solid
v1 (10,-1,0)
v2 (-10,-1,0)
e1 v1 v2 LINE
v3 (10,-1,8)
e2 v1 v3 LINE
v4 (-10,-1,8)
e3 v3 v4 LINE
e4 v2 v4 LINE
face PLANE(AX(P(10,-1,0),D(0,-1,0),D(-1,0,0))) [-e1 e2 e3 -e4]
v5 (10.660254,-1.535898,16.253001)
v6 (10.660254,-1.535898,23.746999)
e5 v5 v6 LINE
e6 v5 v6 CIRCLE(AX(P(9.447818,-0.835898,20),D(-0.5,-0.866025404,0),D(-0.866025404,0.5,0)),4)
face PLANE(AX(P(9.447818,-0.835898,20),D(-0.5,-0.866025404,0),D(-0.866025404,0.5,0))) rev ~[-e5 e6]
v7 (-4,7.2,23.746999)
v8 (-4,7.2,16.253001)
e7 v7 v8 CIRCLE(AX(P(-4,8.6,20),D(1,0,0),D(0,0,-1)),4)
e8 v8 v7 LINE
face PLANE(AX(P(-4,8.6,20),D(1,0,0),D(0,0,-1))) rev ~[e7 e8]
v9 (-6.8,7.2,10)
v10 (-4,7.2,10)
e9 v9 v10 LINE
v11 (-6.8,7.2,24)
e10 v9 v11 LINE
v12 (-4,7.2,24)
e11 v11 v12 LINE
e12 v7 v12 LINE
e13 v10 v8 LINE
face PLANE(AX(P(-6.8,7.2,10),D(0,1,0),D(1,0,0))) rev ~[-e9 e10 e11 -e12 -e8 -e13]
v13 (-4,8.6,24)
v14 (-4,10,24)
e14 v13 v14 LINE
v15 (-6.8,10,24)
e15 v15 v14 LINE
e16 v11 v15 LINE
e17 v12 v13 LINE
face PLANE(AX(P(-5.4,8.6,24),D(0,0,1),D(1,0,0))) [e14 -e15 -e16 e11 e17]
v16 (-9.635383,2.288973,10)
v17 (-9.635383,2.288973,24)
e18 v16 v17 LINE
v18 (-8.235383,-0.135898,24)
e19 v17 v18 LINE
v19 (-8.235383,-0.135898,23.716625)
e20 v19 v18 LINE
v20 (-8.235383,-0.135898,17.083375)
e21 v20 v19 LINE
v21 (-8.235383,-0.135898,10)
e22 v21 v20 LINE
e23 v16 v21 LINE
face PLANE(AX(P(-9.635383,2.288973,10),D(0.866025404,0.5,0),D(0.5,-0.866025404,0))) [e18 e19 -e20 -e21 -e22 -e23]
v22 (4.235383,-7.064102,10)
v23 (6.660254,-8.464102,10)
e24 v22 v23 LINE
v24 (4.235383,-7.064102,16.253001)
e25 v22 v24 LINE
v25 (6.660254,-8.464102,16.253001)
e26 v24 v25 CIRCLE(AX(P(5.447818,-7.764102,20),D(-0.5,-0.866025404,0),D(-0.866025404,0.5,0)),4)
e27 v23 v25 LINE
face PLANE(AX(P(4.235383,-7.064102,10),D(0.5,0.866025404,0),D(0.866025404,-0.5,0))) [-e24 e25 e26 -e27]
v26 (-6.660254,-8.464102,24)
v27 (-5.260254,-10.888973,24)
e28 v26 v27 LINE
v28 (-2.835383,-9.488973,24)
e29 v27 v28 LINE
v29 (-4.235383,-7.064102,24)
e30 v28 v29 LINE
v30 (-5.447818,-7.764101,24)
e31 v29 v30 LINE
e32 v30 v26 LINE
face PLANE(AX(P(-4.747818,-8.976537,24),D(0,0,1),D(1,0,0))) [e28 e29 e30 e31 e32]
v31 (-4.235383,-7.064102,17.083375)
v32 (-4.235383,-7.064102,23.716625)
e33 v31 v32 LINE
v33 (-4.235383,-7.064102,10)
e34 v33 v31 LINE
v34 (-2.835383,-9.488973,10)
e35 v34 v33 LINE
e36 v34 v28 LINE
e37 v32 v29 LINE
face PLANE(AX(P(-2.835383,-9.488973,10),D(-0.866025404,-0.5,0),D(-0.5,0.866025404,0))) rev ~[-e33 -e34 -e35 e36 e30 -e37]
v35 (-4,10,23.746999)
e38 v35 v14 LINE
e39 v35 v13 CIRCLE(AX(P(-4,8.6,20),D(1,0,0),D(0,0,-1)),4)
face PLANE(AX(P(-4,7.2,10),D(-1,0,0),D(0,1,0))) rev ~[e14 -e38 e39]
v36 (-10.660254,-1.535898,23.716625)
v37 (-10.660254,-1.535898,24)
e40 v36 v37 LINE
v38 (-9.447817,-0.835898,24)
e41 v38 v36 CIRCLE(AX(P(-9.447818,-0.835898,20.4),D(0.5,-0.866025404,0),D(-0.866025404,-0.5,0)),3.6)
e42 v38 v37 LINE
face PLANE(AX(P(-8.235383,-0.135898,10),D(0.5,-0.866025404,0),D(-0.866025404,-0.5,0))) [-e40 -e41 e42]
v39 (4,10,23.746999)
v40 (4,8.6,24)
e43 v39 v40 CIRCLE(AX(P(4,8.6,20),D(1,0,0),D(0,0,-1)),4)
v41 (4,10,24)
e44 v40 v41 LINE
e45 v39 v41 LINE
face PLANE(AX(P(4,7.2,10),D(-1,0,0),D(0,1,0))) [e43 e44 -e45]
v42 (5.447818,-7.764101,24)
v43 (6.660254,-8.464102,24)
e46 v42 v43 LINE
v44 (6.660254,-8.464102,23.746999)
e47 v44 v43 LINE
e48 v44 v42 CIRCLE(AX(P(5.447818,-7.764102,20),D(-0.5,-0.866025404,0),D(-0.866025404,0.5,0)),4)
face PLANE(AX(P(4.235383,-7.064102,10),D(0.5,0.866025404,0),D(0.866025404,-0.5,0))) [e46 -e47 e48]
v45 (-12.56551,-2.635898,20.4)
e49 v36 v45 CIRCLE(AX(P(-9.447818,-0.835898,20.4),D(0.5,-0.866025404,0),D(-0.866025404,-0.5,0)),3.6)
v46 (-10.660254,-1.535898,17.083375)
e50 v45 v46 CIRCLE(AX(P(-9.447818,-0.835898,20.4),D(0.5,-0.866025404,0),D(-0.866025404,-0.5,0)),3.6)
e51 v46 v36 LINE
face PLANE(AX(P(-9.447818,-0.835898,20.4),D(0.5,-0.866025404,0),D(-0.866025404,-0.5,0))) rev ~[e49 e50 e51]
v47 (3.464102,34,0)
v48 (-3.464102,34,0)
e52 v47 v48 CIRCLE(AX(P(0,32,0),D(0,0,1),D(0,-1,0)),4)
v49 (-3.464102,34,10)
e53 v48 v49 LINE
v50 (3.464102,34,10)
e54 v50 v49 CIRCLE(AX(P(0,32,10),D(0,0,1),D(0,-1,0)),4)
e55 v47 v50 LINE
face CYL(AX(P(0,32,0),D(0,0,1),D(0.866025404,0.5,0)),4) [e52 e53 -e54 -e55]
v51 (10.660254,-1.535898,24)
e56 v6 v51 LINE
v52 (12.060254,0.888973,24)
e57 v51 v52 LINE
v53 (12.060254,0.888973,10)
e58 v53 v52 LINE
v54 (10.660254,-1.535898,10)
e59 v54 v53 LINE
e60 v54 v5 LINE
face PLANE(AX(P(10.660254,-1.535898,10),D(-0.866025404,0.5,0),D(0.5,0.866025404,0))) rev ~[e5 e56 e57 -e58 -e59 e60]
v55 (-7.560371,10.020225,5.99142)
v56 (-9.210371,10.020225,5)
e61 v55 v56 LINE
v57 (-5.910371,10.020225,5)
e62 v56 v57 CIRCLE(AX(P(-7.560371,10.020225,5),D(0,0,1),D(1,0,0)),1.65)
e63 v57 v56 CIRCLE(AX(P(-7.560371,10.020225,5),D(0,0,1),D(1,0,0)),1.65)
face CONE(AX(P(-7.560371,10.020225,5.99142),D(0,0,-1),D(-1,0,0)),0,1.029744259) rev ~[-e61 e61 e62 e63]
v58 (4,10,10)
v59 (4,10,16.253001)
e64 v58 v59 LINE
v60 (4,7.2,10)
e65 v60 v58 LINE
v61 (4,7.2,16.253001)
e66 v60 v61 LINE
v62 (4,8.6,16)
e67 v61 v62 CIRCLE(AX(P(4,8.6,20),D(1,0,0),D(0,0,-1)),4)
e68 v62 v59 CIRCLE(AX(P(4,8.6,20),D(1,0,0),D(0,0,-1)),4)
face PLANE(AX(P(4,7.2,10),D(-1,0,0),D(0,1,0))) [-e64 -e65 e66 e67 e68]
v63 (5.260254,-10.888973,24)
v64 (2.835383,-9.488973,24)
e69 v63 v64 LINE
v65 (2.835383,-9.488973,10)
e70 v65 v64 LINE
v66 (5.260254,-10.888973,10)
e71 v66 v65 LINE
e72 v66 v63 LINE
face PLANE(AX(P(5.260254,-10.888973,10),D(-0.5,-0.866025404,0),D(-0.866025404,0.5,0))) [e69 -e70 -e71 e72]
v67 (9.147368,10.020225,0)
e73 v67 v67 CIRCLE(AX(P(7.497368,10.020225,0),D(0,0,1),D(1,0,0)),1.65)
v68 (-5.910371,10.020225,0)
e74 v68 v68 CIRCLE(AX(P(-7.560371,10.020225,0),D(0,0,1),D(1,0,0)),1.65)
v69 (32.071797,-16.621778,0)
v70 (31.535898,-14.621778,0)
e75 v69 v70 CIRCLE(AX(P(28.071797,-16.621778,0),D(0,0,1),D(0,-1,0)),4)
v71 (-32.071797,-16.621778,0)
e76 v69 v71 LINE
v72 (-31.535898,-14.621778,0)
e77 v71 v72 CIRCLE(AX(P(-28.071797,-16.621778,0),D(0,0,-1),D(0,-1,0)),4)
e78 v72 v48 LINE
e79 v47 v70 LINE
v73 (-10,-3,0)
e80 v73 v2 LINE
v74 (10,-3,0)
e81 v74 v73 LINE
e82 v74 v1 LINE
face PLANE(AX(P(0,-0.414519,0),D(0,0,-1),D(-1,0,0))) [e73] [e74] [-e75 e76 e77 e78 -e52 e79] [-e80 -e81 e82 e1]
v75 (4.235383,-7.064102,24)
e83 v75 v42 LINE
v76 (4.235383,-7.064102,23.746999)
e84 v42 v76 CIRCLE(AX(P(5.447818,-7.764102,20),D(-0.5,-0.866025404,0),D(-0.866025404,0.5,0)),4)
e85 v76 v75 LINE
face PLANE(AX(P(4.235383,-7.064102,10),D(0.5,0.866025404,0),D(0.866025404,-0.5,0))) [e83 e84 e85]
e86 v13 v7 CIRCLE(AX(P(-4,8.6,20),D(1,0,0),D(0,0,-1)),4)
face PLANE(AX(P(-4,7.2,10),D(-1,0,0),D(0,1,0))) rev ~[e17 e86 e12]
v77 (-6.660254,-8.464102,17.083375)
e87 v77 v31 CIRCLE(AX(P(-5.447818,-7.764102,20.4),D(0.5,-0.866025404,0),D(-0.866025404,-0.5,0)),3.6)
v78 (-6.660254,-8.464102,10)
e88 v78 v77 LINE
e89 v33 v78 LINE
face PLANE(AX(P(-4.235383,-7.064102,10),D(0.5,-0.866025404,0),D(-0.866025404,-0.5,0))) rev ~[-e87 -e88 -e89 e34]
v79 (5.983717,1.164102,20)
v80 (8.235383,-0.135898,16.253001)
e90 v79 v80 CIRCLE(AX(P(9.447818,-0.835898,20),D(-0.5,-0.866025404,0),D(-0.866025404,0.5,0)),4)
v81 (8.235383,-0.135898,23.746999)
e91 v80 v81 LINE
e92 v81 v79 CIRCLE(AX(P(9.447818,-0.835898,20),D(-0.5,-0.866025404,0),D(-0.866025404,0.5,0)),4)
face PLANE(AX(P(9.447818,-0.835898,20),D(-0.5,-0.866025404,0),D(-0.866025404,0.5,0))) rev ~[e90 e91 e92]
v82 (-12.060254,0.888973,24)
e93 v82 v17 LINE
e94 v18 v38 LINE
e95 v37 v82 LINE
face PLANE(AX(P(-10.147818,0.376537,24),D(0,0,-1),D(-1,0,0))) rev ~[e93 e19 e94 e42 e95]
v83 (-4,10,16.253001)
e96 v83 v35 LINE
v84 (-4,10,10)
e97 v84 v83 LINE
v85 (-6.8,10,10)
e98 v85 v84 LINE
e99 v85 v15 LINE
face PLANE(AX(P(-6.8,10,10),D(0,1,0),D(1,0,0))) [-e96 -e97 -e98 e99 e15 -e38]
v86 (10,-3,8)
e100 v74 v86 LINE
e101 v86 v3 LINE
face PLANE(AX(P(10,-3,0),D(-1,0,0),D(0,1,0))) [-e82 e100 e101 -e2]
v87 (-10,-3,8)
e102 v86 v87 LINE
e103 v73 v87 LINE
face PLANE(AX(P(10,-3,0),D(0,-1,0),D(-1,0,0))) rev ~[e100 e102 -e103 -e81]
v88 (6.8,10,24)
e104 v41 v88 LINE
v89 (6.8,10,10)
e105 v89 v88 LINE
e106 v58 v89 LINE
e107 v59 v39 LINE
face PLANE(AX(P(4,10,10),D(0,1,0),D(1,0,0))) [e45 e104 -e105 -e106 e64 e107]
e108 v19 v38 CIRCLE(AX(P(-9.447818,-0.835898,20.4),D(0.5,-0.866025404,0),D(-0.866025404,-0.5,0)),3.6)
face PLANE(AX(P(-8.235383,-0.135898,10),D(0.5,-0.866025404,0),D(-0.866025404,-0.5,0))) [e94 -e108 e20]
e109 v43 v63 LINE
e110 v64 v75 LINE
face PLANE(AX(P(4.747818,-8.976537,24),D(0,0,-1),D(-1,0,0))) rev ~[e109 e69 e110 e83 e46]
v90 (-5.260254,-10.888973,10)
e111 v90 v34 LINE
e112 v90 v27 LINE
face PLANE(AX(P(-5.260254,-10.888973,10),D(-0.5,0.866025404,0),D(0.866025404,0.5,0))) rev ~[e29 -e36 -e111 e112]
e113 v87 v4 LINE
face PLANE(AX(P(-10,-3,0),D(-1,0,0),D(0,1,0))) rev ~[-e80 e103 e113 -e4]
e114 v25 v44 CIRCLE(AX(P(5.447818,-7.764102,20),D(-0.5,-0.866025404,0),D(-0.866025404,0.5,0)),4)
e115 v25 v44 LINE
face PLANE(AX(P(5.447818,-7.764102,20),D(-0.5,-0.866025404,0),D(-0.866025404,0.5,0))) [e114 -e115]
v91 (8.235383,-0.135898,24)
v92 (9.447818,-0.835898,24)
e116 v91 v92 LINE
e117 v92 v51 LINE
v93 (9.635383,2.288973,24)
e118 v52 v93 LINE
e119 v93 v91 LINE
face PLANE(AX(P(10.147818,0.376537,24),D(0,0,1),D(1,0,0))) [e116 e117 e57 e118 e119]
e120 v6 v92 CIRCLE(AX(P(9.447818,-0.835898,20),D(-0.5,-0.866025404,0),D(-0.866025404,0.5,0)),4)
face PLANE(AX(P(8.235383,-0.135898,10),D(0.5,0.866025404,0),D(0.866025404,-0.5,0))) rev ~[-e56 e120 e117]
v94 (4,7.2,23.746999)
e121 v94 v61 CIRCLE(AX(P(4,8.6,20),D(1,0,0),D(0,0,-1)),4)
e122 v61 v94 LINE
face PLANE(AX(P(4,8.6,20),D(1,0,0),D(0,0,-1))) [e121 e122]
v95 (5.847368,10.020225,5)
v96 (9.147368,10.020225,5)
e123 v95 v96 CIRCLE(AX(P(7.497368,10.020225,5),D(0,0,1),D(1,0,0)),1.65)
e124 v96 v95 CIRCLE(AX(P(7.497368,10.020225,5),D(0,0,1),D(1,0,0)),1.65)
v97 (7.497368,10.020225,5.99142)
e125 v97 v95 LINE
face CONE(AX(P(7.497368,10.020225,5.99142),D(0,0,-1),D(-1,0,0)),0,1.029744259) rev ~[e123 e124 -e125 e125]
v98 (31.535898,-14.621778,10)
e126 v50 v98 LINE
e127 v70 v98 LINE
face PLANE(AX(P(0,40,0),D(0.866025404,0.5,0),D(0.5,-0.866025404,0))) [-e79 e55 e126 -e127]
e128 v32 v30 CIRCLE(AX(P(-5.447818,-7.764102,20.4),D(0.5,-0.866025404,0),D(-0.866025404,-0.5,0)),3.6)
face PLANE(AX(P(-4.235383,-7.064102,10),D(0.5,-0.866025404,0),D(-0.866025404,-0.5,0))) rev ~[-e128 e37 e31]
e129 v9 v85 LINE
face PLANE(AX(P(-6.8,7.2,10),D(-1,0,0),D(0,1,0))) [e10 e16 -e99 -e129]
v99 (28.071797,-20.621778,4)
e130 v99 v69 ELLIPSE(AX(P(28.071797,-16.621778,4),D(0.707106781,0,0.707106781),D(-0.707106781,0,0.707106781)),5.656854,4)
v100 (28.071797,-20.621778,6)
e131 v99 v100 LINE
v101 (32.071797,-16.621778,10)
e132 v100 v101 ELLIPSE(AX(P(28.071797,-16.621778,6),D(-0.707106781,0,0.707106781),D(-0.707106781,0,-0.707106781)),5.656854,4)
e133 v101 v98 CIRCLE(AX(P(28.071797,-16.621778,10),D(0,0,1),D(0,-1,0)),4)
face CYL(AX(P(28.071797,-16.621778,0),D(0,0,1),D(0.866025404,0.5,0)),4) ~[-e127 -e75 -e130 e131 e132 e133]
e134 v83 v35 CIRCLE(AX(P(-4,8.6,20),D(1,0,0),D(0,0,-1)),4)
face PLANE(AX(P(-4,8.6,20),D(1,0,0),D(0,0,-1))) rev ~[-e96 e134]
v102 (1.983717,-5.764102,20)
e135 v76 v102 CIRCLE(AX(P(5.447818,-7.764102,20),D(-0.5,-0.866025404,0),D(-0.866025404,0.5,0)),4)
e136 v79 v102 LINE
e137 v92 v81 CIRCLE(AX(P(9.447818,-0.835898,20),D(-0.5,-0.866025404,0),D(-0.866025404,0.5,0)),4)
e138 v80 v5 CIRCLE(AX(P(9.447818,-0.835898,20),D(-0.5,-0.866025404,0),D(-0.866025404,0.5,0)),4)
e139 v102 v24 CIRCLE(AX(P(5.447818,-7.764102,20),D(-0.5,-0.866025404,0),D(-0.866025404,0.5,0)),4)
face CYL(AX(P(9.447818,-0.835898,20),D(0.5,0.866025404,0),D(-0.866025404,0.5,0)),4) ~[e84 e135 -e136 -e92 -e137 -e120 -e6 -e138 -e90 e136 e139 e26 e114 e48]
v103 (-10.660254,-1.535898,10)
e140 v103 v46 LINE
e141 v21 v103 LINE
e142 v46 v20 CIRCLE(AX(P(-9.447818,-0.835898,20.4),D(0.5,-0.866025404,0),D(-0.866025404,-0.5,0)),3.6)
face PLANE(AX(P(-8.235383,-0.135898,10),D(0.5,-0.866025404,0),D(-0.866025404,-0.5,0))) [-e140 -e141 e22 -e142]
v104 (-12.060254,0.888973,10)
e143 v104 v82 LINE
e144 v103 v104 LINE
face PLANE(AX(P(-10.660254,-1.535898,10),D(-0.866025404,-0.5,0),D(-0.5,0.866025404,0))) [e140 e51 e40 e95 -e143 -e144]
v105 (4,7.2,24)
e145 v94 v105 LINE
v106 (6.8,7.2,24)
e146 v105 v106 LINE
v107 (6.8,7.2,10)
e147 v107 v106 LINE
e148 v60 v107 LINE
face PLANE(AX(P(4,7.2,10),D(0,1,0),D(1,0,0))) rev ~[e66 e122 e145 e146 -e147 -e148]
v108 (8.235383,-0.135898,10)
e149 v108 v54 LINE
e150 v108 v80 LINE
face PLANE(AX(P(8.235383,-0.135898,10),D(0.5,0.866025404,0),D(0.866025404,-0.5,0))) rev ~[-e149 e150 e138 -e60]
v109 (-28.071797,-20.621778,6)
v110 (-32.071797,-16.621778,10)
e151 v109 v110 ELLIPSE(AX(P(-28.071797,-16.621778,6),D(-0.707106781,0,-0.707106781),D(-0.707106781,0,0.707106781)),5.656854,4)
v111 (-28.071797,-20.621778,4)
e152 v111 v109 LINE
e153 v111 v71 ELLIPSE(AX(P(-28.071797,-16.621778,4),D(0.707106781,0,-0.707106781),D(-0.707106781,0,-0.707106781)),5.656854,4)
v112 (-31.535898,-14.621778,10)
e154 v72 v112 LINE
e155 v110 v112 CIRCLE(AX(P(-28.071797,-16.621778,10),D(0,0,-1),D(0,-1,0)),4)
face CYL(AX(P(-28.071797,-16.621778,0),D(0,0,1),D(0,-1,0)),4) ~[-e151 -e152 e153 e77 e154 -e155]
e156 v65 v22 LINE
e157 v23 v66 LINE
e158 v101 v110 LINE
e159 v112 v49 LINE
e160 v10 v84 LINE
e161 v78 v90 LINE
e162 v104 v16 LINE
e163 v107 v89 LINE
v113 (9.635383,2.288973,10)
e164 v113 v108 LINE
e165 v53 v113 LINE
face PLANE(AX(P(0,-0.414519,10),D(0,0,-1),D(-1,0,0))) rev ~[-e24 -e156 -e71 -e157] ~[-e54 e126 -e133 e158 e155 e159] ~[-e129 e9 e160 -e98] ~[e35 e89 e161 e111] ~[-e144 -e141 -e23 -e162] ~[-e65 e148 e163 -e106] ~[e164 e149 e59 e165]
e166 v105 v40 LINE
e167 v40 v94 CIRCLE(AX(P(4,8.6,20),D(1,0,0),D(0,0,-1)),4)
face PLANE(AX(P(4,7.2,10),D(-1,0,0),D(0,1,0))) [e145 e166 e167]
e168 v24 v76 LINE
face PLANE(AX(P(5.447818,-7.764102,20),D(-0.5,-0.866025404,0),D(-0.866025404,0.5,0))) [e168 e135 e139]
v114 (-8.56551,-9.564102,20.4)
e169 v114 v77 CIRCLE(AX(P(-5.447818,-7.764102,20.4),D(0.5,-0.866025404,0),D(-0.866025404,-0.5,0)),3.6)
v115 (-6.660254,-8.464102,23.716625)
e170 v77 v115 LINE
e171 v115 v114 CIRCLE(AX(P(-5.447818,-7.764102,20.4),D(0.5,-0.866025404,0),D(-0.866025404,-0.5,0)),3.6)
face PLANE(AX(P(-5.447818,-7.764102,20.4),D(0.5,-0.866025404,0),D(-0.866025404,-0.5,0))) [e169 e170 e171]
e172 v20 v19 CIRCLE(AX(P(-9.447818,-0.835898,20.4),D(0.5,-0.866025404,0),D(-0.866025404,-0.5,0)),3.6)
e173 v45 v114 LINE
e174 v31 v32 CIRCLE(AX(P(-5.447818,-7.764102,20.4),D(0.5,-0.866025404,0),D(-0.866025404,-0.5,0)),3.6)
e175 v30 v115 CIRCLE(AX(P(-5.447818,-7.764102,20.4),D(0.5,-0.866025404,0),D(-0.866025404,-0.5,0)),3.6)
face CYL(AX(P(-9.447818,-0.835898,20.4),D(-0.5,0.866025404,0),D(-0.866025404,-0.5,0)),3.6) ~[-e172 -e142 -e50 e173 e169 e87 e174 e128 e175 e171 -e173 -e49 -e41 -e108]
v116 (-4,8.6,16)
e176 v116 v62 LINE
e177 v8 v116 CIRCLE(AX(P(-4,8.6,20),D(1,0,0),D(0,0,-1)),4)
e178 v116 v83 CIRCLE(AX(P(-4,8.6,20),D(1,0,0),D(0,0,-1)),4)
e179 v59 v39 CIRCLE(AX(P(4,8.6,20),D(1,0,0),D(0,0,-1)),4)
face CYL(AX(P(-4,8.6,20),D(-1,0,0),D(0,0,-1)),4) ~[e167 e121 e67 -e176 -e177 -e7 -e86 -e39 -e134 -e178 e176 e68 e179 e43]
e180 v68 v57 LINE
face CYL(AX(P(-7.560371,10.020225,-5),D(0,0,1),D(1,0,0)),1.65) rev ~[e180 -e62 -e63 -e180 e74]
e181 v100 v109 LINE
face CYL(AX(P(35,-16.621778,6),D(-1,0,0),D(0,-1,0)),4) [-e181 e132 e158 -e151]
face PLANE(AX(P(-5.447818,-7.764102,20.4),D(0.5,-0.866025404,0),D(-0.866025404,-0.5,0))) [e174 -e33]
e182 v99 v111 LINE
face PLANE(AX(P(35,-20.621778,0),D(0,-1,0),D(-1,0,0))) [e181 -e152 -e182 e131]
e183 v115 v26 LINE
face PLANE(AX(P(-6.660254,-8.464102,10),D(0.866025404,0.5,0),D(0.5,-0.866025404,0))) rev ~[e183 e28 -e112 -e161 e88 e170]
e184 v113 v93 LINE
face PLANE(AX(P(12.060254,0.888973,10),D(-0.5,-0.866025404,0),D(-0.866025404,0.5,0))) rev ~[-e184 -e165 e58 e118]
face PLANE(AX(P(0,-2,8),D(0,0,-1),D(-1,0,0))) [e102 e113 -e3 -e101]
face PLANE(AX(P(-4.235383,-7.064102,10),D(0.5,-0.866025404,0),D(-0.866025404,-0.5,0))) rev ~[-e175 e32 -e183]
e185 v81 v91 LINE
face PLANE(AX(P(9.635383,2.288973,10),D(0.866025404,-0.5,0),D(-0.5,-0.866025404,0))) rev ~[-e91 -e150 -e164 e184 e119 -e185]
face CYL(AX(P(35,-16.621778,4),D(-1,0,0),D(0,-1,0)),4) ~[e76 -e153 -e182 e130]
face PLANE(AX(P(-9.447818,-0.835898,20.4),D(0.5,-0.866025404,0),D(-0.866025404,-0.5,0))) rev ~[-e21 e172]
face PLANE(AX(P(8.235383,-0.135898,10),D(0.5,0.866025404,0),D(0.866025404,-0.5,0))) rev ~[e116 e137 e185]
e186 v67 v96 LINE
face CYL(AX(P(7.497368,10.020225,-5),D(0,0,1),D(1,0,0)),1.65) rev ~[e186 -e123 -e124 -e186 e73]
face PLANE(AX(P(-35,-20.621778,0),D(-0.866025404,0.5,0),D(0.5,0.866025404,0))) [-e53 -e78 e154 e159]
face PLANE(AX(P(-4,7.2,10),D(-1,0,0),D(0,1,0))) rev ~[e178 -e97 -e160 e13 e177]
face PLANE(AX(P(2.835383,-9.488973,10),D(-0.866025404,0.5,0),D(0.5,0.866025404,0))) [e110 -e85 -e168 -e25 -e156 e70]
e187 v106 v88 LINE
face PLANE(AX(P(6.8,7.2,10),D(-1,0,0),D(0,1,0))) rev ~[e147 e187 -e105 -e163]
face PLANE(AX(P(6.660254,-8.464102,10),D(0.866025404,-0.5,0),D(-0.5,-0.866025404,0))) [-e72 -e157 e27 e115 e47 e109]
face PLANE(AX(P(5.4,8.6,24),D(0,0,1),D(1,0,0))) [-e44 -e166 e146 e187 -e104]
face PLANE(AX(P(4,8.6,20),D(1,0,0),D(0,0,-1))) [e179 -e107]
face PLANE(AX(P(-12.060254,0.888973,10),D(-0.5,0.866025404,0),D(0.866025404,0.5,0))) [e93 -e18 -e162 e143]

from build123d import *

# Parameters (mm, degrees)
EXTRUDE_1_DEPTH        = 10
FILLET_1_R             = 4
SKETCH_2_W             = 2.8
SKETCH_2_H             = 2.8
EXTRUDE_2_DEPTH        = 14
SKETCH_3_R             = 3.6
EXTRUDE_3_DEPTH        = 8
SKETCH_4_R             = 4
EXTRUDE_4_DEPTH        = 8
SKETCH_5_R             = 4
EXTRUDE_5_DEPTH        = 8
SKETCH_6_W             = 20
SKETCH_6_H             = 2
CUT_EXTRUDE_1_DEPTH    = 8
HOLE_WIZARD_M4_1_D     = 3.3
HOLE_WIZARD_M4_1_DEPTH = 5
HOLE_WIZARD_M4_1_TIP   = 0.991420021


with BuildPart() as part:
    # 草图1 → 凸台-拉伸1 (new body)
    with BuildSketch(Plane.XY):
        Polygon((0, 40), (35, -20.621778265), (-35, -20.621778265), align=None)
    extrude(amount=EXTRUDE_1_DEPTH)

    # 圆角1
    fillet_1_edges = [part.edges().sort_by_distance(p)[0] for p in [
        (0, -20.621778265, 10),
        (0, -20.621778265, 0),
        (35, -20.621778265, 5),
        (-35, -20.621778265, 5),
        (0, 40, 5),
    ]]
    fillet(fillet_1_edges, radius=FILLET_1_R)

    # 草图2 → 凸台-拉伸2 (add)
    with BuildSketch(Plane.XY.offset(10)):
        with Locations((-5.4, 8.6)):
            Rectangle(SKETCH_2_W, SKETCH_2_H)
        with Locations((5.4, 8.6)):
            Rectangle(SKETCH_2_W, SKETCH_2_H)
        Polygon((10.660254038, -1.535898385), (12.060254038, 0.888972746), (9.635382907, 2.288972746), (8.235382907, -0.135898385), align=None)
        Polygon((5.260254038, -10.888972746), (2.835382907, -9.488972746), (4.235382907, -7.064101615), (6.660254038, -8.464101615), align=None)
        Polygon((-6.660254038, -8.464101615), (-5.260254038, -10.888972746), (-2.835382907, -9.488972746), (-4.235382907, -7.064101615), align=None)
        Polygon((-12.060254038, 0.888972746), (-9.635382907, 2.288972746), (-8.235382907, -0.135898385), (-10.660254038, -1.535898385), align=None)
    extrude(amount=EXTRUDE_2_DEPTH)

    # 草图3 → 凸台-拉伸3 (add)
    with BuildSketch(Plane(origin=(-2, 3.464101615, 0), x_dir=(-0.866025404, -0.5, 0), z_dir=(0.5, -0.866025404, 0))):
        with Locations((8.6, -20.4)):
            Circle(SKETCH_3_R)
    extrude(amount=EXTRUDE_3_DEPTH)

    # 草图4 → 凸台-拉伸4 (add)
    with BuildSketch(Plane(origin=(-4, 0, 0), x_dir=(0, 0, -1), z_dir=(1, 0, 0))):
        with Locations((-20, 8.6)):
            Circle(SKETCH_4_R)
    extrude(amount=EXTRUDE_4_DEPTH)

    # 草图5 → 凸台-拉伸5 (add)
    with BuildSketch(Plane(origin=(2, 3.464101615, 0), x_dir=(-0.866025404, 0.5, 0), z_dir=(-0.5, -0.866025404, 0))):
        with Locations((-8.6, -20)):
            Circle(SKETCH_5_R)
    extrude(amount=EXTRUDE_5_DEPTH)

    # 草图6 → 切除-拉伸1 (cut)
    with BuildSketch(Plane(origin=(0, 0, 0), x_dir=(-1, 0, 0), z_dir=(0, 0, -1))):
        with Locations((0, -2)):
            Rectangle(SKETCH_6_W, SKETCH_6_H)
    extrude(amount=-CUT_EXTRUDE_1_DEPTH, mode=Mode.SUBTRACT)

    # M4 螺纹孔1
    with Locations(Plane(origin=(0, 0, 0), x_dir=(-1, 0, 0), z_dir=(0, 0, -1))):
        with Locations((-7.497367874, 10.020225249), (7.560370965, 10.020225249)):
            Hole(HOLE_WIZARD_M4_1_D / 2, depth=HOLE_WIZARD_M4_1_DEPTH)
            with Locations((0, 0, -(HOLE_WIZARD_M4_1_DEPTH + HOLE_WIZARD_M4_1_TIP / 2))):  # 118° drill point
                Cone(0, HOLE_WIZARD_M4_1_D / 2, HOLE_WIZARD_M4_1_TIP, mode=Mode.SUBTRACT)


solid = part.part
